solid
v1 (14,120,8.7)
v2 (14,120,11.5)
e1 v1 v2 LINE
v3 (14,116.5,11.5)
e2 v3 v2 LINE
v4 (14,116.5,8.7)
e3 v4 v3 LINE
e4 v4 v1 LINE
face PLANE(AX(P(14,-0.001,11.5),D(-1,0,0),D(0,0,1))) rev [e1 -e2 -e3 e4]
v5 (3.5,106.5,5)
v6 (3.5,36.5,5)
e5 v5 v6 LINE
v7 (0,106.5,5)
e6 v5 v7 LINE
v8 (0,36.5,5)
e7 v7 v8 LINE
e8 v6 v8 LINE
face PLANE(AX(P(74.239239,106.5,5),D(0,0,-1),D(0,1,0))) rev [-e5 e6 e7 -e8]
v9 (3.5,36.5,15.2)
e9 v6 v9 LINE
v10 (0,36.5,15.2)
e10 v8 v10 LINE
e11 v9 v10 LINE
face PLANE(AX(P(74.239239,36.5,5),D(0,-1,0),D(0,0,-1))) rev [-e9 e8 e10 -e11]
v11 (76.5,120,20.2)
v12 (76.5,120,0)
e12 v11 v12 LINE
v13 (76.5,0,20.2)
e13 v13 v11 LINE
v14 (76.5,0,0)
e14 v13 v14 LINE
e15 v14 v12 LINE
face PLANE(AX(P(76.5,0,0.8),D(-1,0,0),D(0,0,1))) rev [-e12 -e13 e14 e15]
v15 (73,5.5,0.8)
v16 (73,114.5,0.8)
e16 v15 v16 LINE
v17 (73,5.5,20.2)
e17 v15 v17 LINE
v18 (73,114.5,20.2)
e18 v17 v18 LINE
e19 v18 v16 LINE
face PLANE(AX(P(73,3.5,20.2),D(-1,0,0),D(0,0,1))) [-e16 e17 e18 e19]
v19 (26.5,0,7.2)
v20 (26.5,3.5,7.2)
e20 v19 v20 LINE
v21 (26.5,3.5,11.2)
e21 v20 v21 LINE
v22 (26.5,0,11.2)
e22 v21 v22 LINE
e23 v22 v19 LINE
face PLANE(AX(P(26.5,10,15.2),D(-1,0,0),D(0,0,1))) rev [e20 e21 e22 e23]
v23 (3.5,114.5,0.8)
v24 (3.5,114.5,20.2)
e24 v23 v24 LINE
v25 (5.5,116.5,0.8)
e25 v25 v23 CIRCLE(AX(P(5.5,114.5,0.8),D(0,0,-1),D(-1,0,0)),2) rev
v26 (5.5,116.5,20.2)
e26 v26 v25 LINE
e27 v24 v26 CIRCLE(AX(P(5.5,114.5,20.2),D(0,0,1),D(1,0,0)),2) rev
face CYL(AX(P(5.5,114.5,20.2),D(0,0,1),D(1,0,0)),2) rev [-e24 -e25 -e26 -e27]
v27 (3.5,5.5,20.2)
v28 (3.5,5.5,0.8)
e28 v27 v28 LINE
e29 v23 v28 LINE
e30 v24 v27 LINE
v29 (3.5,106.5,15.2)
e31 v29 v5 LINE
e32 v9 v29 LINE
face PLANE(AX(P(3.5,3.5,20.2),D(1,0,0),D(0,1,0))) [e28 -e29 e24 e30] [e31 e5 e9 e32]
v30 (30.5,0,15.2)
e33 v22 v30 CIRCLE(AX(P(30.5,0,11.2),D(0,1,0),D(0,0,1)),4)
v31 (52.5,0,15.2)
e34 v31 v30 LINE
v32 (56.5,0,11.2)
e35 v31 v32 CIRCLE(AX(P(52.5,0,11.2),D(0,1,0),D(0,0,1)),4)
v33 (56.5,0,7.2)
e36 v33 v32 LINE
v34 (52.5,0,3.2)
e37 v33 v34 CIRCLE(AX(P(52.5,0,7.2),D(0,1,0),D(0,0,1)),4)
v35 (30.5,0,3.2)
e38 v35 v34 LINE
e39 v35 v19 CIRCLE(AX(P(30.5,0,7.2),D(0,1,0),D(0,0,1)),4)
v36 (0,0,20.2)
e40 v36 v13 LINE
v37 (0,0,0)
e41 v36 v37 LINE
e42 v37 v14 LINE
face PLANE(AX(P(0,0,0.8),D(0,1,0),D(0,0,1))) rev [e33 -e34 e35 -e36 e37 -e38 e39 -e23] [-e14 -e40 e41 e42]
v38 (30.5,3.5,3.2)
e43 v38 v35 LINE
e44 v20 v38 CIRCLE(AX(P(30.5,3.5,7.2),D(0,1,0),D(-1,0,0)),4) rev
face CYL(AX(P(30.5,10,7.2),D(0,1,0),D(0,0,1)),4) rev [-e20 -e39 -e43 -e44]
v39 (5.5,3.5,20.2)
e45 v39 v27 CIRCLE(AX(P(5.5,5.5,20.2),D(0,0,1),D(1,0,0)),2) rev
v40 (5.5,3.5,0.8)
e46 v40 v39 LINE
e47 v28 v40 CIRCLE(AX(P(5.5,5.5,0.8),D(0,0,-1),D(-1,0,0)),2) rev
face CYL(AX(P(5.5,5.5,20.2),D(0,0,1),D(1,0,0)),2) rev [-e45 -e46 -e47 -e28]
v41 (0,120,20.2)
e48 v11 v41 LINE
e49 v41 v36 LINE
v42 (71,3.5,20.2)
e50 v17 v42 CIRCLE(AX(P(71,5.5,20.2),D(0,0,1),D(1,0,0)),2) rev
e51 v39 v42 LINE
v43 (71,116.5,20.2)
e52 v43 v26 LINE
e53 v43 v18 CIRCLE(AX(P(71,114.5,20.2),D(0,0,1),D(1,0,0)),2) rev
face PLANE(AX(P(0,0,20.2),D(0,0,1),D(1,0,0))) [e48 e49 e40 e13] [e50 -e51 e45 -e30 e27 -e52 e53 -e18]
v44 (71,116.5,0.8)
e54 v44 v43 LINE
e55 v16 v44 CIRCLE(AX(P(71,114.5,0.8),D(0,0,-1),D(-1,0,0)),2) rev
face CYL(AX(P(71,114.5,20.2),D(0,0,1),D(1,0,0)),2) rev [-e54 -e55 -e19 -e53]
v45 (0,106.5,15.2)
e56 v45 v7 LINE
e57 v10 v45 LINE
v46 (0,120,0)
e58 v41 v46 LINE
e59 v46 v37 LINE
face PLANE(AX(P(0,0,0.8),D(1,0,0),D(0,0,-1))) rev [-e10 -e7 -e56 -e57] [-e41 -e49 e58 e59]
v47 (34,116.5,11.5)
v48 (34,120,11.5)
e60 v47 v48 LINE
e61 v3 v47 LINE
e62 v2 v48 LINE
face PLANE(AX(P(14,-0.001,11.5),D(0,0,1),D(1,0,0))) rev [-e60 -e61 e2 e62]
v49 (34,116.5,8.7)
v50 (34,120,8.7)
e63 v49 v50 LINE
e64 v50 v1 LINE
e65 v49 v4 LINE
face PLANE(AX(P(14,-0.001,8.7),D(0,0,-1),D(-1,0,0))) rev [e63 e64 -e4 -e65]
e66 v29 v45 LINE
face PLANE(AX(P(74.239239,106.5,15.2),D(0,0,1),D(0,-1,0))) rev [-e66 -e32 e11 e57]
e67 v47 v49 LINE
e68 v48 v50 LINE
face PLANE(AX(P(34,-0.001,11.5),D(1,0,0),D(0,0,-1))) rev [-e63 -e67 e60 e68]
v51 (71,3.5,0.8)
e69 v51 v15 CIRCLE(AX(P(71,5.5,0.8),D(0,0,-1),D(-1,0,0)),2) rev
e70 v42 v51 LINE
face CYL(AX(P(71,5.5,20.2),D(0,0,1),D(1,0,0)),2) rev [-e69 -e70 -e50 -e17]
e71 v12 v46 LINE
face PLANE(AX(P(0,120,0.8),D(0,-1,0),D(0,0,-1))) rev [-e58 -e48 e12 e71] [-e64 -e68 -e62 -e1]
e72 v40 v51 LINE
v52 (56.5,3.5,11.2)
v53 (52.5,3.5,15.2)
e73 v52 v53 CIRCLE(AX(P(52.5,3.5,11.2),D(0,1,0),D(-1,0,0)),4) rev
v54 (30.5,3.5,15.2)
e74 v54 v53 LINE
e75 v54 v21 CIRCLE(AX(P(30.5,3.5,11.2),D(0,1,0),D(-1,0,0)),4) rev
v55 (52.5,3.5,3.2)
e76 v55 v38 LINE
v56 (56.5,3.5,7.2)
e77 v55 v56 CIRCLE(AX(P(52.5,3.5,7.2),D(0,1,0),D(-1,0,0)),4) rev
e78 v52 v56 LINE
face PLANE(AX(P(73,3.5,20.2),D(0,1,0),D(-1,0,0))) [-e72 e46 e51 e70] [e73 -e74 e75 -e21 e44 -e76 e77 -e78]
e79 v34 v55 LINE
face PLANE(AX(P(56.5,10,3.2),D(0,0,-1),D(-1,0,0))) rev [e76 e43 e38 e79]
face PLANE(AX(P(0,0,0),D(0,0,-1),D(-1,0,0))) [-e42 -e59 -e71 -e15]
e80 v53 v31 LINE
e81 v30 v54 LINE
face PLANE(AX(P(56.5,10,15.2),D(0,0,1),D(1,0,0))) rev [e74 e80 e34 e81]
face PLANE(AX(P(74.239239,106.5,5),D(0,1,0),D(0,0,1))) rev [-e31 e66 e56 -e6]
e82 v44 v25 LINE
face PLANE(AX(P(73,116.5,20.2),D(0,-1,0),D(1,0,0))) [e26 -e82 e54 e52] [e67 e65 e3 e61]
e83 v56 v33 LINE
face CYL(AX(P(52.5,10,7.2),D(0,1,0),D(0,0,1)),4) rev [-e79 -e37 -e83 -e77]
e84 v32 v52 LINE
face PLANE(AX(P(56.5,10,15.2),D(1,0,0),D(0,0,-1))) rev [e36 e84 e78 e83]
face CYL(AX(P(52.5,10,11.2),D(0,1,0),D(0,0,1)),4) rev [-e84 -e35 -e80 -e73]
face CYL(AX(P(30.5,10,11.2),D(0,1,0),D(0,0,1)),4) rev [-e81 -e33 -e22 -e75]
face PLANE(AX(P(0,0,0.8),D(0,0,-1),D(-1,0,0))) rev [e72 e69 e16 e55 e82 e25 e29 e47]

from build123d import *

# Parameters (mm, degrees)
SKETCH_1_W          = 76.5
SKETCH_1_H          = 120
EXTRUDE_1_DEPTH     = 0.8
SKETCH_10_W         = 76.5
SKETCH_10_H         = 120
SKETCH_10_W_2       = 69.5
SKETCH_10_H_2       = 113
EXTRUDE_2_DEPTH     = 19.4
FILLET_1_R          = 2
SKETCH_11_W         = 10.2
SKETCH_11_H         = 70
CUT_EXTRUDE_1_DEPTH = 3.5
SKETCH_12_W         = 30
SKETCH_12_H         = 12
CUT_EXTRUDE_2_DEPTH = 10
FILLET_2_R          = 4
CUT_EXTRUDE_3_REACH = 122
SKETCH_13_W         = 20
SKETCH_13_H         = 2.8


with BuildPart() as part:
    # ｽｹｯﾁ1 → ﾎﾞｽ - 押し出し1 (new body)
    with BuildSketch(Plane.XY):
        with Locations((38.25, 60)):
            Rectangle(SKETCH_1_W, SKETCH_1_H)
    extrude(amount=EXTRUDE_1_DEPTH)

    # ｽｹｯﾁ10 → ﾎﾞｽ - 押し出し2 (add)
    with BuildSketch(Plane.XY.offset(0.8)):
        with Locations((38.25, 60)):
            Rectangle(SKETCH_10_W, SKETCH_10_H)
        with Locations((38.25, 60)):
            Rectangle(SKETCH_10_W_2, SKETCH_10_H_2, mode=Mode.SUBTRACT)
    extrude(amount=EXTRUDE_2_DEPTH)

    # ﾌｨﾚｯﾄ1
    fillet_1_edges = [part.edges().sort_by_distance(p)[0] for p in [
        (73, 116.5, 10.5),
        (3.5, 116.5, 10.5),
        (3.5, 3.5, 10.5),
        (73, 3.5, 10.5),
    ]]
    fillet(fillet_1_edges, radius=FILLET_1_R)

    # ｽｹｯﾁ11 → ｶｯﾄ - 押し出し1 (cut)
    with BuildSketch(Plane.ZY):
        with Locations((10.1, 71.5)):
            Rectangle(SKETCH_11_W, SKETCH_11_H)
    extrude(amount=-CUT_EXTRUDE_1_DEPTH, mode=Mode.SUBTRACT)

    # ｽｹｯﾁ12 → ｶｯﾄ - 押し出し2 (cut)
    with BuildSketch(Plane(origin=(0, 0, 0), x_dir=(-1, 0, 0), z_dir=(0, -1, 0))):
        with Locations((-41.5, -9.2)):
            Rectangle(SKETCH_12_W, SKETCH_12_H)
    extrude(amount=-CUT_EXTRUDE_2_DEPTH, mode=Mode.SUBTRACT)

    # ﾌｨﾚｯﾄ2
    fillet_2_edges = [part.edges().sort_by_distance(p)[0] for p in [
        (56.5, 1.75, 15.2),
        (56.5, 1.75, 3.2),
        (26.5, 1.75, 3.2),
        (26.5, 1.75, 15.2),
    ]]
    fillet(fillet_2_edges, radius=FILLET_2_R)

    # ｽｹｯﾁ13 → ｶｯﾄ - 押し出し3 (cut, up to next)
    with BuildSketch(Plane(origin=(0, 120, 0), x_dir=(1, 0, 0), z_dir=(0, 1, 0)), mode=Mode.PRIVATE) as cut_extrude_3_sk1:
        with Locations((24, -10.1)):
            Rectangle(SKETCH_13_W, SKETCH_13_H)
    cut_extrude_3_tool1 = extrude(cut_extrude_3_sk1.sketch, amount=-CUT_EXTRUDE_3_REACH, mode=Mode.PRIVATE) & part.part
    add(cut_extrude_3_tool1.solids().sort_by_distance((24, 120, 10.1))[0], mode=Mode.SUBTRACT)


solid = part.part
